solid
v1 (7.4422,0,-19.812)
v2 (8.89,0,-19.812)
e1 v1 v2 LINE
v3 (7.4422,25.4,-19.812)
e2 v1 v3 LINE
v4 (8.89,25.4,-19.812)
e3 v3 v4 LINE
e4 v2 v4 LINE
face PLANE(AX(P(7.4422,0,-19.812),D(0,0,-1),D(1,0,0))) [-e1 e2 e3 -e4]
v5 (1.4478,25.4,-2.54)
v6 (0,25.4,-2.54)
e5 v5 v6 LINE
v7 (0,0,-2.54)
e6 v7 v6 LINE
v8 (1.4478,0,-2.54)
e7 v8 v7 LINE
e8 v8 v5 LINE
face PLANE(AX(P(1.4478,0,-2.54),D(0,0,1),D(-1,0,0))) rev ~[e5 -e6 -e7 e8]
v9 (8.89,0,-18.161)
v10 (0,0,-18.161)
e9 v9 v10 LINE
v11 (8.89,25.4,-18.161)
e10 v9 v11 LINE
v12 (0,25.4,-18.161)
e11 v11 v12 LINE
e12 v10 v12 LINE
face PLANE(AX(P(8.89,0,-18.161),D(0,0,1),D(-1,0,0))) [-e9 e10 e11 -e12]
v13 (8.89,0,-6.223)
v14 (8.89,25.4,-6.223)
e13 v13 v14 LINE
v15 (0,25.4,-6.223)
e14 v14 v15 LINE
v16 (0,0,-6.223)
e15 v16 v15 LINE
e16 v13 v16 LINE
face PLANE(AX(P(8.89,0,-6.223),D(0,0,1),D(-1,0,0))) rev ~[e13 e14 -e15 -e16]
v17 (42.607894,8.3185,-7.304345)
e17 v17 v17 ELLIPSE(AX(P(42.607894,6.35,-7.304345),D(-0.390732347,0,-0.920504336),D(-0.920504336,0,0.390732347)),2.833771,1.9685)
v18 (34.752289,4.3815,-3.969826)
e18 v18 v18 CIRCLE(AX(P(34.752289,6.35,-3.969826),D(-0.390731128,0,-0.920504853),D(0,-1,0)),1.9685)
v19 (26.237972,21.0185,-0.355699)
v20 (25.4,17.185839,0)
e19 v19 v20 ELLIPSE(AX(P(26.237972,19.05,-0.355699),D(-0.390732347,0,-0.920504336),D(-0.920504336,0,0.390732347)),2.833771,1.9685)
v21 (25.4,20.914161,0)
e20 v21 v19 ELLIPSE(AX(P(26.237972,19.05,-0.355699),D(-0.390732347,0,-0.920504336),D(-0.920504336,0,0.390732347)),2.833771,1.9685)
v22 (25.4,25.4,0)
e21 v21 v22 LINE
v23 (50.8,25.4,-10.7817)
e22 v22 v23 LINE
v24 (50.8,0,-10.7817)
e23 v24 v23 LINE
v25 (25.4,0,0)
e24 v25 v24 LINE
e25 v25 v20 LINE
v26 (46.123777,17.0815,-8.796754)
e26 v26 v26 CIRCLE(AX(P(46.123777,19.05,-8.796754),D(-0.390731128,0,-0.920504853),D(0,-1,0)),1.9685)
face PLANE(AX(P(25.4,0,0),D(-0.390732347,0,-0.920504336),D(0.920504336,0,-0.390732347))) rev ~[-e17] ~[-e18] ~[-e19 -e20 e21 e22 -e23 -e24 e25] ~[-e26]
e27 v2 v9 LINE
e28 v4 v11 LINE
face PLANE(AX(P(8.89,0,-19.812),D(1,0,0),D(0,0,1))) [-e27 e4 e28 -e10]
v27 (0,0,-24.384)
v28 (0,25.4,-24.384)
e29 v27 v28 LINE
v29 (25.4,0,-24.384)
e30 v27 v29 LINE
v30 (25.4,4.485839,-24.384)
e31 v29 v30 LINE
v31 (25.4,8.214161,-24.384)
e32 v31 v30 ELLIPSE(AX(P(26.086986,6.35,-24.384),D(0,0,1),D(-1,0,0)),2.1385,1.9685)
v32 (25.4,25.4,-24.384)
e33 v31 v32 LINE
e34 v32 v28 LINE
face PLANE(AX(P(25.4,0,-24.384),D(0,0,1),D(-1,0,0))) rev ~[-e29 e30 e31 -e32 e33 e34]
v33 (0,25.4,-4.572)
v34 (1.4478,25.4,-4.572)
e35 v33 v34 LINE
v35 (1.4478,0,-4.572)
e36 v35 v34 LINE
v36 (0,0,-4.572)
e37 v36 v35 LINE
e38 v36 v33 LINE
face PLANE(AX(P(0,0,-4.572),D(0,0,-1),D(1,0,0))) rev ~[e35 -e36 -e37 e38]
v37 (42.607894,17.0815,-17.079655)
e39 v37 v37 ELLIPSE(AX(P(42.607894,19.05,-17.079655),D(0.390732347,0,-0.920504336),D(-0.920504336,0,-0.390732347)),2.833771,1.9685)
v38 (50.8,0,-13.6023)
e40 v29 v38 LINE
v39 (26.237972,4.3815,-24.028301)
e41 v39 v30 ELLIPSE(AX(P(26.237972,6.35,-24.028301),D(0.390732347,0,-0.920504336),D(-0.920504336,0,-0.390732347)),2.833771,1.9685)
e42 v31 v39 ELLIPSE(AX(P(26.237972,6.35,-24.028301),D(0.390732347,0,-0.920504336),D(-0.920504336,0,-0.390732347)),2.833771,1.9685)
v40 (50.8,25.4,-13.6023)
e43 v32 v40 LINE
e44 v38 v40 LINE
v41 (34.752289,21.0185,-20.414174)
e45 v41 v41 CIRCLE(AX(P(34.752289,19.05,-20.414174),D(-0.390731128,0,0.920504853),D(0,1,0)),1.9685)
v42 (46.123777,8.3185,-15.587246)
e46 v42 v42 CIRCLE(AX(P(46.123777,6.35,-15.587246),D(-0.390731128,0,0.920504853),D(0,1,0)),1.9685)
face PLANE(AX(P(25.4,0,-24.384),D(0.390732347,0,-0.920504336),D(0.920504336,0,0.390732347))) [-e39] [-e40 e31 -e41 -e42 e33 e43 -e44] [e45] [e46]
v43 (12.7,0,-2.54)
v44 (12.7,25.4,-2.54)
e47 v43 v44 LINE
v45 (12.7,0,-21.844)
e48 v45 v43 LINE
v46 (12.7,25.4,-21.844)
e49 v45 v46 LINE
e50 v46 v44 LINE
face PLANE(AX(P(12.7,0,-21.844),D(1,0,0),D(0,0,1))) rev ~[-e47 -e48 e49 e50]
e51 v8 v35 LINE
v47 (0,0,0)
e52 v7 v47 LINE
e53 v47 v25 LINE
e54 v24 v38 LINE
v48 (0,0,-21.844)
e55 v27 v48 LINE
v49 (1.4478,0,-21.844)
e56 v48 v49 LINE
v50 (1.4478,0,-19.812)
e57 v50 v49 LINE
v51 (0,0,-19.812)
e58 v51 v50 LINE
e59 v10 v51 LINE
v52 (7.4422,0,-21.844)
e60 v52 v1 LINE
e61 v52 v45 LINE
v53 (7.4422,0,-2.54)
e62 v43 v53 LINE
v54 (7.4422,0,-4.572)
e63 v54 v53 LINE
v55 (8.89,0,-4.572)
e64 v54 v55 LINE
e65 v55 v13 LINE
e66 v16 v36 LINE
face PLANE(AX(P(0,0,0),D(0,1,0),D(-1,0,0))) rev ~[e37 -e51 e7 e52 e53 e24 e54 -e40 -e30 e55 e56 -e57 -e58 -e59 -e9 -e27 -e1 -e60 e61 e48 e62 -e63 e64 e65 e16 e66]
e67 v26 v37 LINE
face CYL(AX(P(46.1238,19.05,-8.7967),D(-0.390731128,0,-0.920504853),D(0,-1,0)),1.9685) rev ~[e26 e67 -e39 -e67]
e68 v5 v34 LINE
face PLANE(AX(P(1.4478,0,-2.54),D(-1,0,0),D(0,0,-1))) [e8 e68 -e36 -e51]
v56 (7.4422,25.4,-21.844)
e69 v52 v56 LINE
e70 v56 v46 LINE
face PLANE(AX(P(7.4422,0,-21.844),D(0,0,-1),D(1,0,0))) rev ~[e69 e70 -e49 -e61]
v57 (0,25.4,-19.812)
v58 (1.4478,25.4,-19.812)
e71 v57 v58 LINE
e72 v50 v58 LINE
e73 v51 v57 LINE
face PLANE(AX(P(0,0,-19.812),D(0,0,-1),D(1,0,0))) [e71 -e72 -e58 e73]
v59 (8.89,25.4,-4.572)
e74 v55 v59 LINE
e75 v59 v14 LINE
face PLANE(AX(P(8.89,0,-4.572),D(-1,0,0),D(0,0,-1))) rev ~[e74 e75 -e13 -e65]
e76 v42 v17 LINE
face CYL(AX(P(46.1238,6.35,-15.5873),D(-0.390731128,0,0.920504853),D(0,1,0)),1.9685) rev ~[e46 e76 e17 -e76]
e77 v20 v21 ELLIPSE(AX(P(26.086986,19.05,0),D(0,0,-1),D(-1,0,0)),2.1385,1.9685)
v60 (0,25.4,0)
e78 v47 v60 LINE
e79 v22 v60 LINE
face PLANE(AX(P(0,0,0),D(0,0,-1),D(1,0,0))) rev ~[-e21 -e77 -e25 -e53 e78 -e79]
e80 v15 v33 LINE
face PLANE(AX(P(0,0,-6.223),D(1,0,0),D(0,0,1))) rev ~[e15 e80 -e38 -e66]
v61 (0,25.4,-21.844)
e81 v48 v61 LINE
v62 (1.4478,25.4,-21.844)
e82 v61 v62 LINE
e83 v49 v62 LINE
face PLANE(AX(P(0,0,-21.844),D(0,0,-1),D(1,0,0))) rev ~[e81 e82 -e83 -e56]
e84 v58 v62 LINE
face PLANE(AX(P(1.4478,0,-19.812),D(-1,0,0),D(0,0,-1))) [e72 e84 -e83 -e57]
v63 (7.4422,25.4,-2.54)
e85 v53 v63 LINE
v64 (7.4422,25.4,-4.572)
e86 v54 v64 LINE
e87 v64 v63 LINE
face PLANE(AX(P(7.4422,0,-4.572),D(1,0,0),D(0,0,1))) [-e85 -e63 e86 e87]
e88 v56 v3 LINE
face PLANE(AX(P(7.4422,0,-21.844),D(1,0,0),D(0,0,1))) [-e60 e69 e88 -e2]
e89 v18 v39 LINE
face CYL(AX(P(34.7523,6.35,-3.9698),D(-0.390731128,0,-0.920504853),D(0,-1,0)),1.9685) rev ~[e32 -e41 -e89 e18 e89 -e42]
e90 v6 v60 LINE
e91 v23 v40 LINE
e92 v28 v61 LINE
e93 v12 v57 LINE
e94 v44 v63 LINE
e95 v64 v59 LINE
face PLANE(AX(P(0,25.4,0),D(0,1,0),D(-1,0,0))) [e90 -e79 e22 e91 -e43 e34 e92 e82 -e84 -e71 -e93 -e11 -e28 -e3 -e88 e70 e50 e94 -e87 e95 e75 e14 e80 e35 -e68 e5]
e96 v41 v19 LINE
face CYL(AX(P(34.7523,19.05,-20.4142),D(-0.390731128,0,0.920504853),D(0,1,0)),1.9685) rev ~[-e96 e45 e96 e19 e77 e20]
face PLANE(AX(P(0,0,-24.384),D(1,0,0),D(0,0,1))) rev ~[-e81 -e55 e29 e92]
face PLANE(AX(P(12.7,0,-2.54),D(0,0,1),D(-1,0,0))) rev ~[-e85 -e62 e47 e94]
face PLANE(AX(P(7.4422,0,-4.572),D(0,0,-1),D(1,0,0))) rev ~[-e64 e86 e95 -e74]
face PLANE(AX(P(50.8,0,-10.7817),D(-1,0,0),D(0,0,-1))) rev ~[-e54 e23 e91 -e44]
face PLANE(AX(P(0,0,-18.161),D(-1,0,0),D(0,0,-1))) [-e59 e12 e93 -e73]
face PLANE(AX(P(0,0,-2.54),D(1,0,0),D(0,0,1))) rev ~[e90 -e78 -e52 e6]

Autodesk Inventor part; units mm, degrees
ref_plane "YZ Plane" through (0, 0, 0) normal (1, 0, 0) x (0, 1, 0)
ref_plane "XZ Plane" through (0, 0, 0) normal (0, 1, 0) x (-1, 0, 0)
ref_plane "XY Plane" through (0, 0, 0) normal (0, 0, 1) x (1, 0, 0)
sketch "Sketch1" plane through (0, 0, 0) normal (0, 1, 0) x (-1, 0, 0)
  line L0 (0, 0) -> (-12.7, 0)
  line L1 (-12.7, 0) -> (-12.7, -2.54)
  line L2 (-12.7, -2.54) -> (0, -2.54)
  line L3 (0, -2.54) -> (0, 0)
  line L4 (0, -21.844) -> (-12.7, -21.844)
  line L5 (-12.7, -21.844) -> (-12.7, -24.384)
  line L6 (-12.7, -24.384) -> (0, -24.384)
  line L7 (0, -24.384) -> (0, -21.844)
  line L8 (-12.7, 0) -> (-25.4, 0)
  line L9 (-25.4, 0) -> (-25.4, -24.384)
  line L10 (-25.4, -24.384) -> (-12.7, -24.384)
  line L11 (-12.7, -24.384) -> (-12.7, 0)
  line L12 (-25.4, 0) -> (-50.8, -10.7817)
  line L13 (-25.4, 0) -> (2.1936, 0) construction
  line L14 (-25.4, -24.384) -> (-50.8, -13.6023)
  line L15 (-25.4, -24.384) -> (2.1936, -24.384) construction
  line L16 (-50.8, -10.7817) -> (-50.8, -13.6023)
  line L17 (-1.4478, -4.572) -> (-7.4422, -4.572)
  line L18 (-7.4422, -4.572) -> (-7.4422, -2.54)
  line L19 (-7.4422, -2.54) -> (-1.4478, -2.54)
  line L20 (-1.4478, -2.54) -> (-1.4478, -4.572)
  line L21 (-1.4478, -21.844) -> (-7.4422, -21.844)
  line L22 (-7.4422, -21.844) -> (-7.4422, -19.812)
  line L23 (-7.4422, -19.812) -> (-1.4478, -19.812)
  line L24 (-1.4478, -19.812) -> (-1.4478, -21.844)
  line L25 (0, -19.812) -> (-8.89, -19.812)
  line L26 (-8.89, -19.812) -> (-8.89, -18.161)
  line L27 (-8.89, -18.161) -> (0, -18.161)
  line L28 (0, -18.161) -> (0, -19.812)
  line L29 (0, -4.572) -> (-8.89, -4.572)
  line L30 (-8.89, -4.572) -> (-8.89, -6.223)
  line L31 (-8.89, -6.223) -> (0, -6.223)
  line L32 (0, -6.223) -> (0, -4.572)
  dimension "d2" = 12.7
  dimension "d3" = 2.54
  dimension "d4" = 12.7
  dimension "d5" = 2.54
  dimension "d6" = 24.384
  dimension "d7" = 12.7
  dimension "d8" = 24.384
  dimension "d9" = 157
  dimension "d10" = 157
  dimension "d11" = 25.4
  dimension "d12" = 25.4
  dimension "d15" = 5.9944
  dimension "d16" = 2.032
  dimension "d17" = 2.032
  dimension "d18" = 1.4478
  dimension "d19" = 5.9944
  dimension "d20" = 2.032
  dimension "d21" = 1.4478
  dimension "d22" = 8.89
  dimension "d23" = 1.651
  dimension "d24" = 8.89
  dimension "d25" = 1.651
extrude "Extrusion1" add sketch "Sketch1" along normal blind 25.4
sketch "Sketch2" plane through (25.4, 0, -24.384) normal (0.3907, 0, -0.9205) x (-0.9205, 0, -0.3907)
  circle A0 centre (-10.16, 19.05) radius 1.9685
  circle A1 centre (-22.5136, 6.35) radius 1.9685
  line L0 (-27.5936, 0) -> (0, 0) projected
  line L1 (-27.5936, 0) -> (-27.5936, 25.4) projected
  line L2 (0, 0) -> (0, 25.4) projected
  line L3 (-27.5936, 25.4) -> (0, 25.4) projected
  point P0 (13.8532, 0)
  dimension "d28" = 3.937
  dimension "d29" = 3.937
  dimension "d30" = 6.35
  dimension "d31" = 5.08
  dimension "d32" = 10.16
  dimension "d33" = 6.35
hole "Hole1" at (34.7523, 19.05, -20.4142) at (46.1238, 6.35, -15.5873) direction (-0.3907, 0, 0.9205) diameter 3.937 end through all
sketch "Sketch3" plane through (50.8, 0, -10.7817) normal (0.3907, 0, 0.9205) x (0.9205, 0, -0.3907)
  circle A0 centre (-5.08, 19.05) radius 1.9685
  circle A1 centre (-17.4336, 6.35) radius 1.9685
  line L0 (-27.5936, 25.4) -> (0, 25.4) projected
  line L1 (0, 0) -> (0, 25.4) projected
  line L2 (-27.5936, 0) -> (0, 0) projected
  line L3 (-27.5936, 0) -> (-27.5936, 17.1859) projected
  point P0 (-50.9744, 0)
  dimension "d41" = 3.937
  dimension "d42" = 3.937
  dimension "d43" = 6.35
  dimension "d44" = 5.08
  dimension "d45" = 6.35
  dimension "d46" = 10.16
hole "Hole2" at (46.1238, 19.05, -8.7967) at (34.7523, 6.35, -3.9698) direction (-0.3907, 0, -0.9205) diameter 3.937 end through all
ref_plane "Work Plane1" through (47.8226, 0, -17.7959) normal (0.3907, 0, 0.9205) x (0.9205, 0, -0.3907)
properties part number "XRailSplitter"
